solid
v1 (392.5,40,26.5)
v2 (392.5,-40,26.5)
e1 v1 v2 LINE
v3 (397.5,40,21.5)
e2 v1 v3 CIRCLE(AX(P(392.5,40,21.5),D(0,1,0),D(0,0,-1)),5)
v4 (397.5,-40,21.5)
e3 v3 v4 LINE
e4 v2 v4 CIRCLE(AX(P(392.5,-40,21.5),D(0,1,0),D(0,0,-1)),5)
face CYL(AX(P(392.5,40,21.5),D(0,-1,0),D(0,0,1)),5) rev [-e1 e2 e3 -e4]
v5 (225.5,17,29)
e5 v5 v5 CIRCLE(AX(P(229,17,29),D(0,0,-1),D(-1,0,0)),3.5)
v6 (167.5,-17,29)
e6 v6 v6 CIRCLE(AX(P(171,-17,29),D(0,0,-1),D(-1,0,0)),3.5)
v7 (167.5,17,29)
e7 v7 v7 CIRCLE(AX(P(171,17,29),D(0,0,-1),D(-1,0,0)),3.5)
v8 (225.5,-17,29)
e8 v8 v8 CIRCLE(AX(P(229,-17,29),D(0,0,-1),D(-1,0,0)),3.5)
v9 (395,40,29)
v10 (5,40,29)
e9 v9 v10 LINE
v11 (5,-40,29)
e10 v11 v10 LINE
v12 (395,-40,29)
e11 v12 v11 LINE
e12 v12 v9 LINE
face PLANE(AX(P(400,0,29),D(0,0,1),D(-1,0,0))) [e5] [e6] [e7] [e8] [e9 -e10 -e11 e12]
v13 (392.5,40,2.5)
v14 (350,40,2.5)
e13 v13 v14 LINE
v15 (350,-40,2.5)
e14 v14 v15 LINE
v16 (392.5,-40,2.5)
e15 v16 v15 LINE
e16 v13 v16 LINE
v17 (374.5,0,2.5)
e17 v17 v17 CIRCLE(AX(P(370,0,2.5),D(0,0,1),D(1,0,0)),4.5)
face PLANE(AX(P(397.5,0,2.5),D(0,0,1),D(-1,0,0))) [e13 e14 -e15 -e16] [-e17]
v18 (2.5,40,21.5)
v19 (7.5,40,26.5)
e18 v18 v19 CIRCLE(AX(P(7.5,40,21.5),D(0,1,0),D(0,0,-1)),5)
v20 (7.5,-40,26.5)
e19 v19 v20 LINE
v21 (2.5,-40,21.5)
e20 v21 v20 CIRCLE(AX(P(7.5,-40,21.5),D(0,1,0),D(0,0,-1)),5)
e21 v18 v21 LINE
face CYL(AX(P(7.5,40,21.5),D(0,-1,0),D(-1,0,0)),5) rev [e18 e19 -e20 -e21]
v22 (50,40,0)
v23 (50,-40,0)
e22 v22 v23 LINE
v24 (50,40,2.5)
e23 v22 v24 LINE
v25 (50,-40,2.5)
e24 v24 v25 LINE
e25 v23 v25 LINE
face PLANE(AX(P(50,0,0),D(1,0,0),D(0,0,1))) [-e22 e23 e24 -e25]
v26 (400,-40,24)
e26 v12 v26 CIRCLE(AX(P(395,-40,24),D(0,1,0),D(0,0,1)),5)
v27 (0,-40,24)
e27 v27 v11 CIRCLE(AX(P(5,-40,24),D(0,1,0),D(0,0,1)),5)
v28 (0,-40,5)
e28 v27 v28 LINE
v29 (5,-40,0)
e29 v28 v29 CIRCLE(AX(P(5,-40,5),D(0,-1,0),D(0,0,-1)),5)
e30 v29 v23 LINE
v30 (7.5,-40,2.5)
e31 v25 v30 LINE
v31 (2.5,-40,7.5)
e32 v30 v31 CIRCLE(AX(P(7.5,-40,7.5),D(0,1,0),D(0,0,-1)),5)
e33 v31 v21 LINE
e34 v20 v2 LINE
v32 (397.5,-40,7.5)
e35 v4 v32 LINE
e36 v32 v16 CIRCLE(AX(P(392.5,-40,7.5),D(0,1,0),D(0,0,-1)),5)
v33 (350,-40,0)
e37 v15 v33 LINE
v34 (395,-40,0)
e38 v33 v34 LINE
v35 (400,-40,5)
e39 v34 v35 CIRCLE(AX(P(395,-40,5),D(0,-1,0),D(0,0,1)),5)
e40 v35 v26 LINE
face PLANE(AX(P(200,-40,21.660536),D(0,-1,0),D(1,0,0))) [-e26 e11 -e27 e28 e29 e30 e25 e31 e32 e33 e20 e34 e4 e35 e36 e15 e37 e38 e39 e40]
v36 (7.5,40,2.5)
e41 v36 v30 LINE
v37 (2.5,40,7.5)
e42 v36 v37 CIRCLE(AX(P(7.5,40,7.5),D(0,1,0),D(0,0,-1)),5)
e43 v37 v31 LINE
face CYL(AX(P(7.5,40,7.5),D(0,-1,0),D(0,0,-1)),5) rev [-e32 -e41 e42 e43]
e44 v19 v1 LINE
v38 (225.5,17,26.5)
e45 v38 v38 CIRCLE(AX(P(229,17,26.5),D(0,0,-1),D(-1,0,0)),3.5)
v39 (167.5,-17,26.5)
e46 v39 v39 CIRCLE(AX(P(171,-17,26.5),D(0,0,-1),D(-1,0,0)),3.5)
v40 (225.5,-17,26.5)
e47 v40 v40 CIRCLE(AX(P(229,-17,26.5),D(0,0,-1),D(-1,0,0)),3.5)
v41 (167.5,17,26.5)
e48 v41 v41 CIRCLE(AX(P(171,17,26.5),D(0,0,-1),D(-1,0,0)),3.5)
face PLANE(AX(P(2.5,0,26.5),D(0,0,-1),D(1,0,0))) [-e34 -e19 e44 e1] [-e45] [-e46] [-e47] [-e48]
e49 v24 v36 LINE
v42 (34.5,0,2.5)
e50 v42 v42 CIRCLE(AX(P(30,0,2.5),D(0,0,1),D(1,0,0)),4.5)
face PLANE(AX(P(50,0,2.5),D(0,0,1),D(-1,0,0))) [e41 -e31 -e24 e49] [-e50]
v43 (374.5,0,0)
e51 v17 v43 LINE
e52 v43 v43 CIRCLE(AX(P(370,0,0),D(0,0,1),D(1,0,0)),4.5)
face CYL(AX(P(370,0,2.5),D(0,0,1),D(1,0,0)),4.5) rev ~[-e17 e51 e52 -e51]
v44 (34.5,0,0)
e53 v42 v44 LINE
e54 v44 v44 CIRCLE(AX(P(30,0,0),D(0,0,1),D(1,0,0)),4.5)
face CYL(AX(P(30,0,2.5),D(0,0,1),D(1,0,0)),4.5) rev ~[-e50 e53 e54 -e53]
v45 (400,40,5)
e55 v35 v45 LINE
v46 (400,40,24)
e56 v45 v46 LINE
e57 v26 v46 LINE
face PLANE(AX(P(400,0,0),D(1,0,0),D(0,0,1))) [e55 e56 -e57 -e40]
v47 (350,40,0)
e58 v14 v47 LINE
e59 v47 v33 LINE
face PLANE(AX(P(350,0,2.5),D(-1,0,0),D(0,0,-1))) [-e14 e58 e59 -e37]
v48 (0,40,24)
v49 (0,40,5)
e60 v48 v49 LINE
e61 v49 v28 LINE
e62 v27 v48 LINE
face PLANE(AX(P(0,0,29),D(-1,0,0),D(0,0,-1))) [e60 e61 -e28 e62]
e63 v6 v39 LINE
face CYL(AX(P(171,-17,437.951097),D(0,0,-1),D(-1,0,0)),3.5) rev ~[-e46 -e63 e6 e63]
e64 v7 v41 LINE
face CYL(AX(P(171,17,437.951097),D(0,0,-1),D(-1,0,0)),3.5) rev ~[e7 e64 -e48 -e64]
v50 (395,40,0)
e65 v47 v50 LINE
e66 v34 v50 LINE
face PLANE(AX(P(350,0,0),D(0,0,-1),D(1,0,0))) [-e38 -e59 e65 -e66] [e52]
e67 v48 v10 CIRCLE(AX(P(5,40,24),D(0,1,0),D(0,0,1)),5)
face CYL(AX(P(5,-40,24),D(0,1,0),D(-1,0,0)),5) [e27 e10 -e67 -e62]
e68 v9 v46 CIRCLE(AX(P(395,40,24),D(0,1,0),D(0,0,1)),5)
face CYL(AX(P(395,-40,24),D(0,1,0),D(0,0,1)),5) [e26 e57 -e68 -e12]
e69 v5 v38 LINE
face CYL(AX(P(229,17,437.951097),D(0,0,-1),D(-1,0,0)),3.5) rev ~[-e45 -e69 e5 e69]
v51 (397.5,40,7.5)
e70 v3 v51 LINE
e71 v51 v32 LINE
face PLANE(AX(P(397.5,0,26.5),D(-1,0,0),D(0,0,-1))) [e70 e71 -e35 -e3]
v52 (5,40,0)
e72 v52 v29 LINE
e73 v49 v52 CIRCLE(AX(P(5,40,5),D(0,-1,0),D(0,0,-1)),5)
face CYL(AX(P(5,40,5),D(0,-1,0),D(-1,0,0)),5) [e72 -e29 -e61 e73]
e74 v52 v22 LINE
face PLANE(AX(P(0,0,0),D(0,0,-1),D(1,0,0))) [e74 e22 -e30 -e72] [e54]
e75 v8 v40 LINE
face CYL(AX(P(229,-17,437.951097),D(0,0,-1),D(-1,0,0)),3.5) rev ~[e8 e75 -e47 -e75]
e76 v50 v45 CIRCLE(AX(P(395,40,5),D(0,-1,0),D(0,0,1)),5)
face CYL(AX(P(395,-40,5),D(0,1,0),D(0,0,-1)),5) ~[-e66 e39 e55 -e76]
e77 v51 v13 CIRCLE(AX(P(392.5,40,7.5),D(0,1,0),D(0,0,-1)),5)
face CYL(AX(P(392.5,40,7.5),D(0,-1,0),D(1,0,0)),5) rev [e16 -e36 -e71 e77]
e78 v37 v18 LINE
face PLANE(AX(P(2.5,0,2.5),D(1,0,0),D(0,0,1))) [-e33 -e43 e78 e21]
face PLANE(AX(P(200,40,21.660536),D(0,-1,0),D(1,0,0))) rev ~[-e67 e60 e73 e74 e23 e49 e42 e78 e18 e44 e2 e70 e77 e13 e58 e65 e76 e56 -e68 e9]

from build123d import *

# Parameters (mm, degrees)
F1_DEPTH = 40
F4_D     = 9
F4_DEPTH = 12
F4_TIP   = 2.7038727856
F5_D     = 9
F5_DEPTH = 12
F5_TIP   = 2.7038727856
F7_D     = 7
F8_R     = 5


with BuildPart() as f1:
    # F0 (on Front) → F1 (new body, symmetric)
    with BuildSketch(Plane.XZ):
        Polygon((0, 29), (0, 0), (50, 0), (50, 2.5), (2.5, 2.5), (2.5, 26.5), (397.5, 26.5), (397.5, 2.5), (350, 2.5), (350, 0), (400, 0), (400, 29), align=None)
    extrude(amount=F1_DEPTH, both=True)

    # F4 (one way)
    with BuildSketch(Plane.XY.offset(2.5)):
        with Locations((370, 0)):
            Circle(F4_D / 2)
    extrude(amount=-F4_DEPTH, mode=Mode.SUBTRACT)
    with Locations(Plane.XY.offset(2.5)):
        with Locations((370, 0)):
            with Locations((0, 0, -(F4_DEPTH + F4_TIP / 2))):  # 118° drill point
                Cone(0, F4_D / 2, F4_TIP, mode=Mode.SUBTRACT)

    # F5 (one way)
    with BuildSketch(Plane.XY.offset(2.5)):
        with Locations((30, 0)):
            Circle(F5_D / 2)
    extrude(amount=-F5_DEPTH, mode=Mode.SUBTRACT)
    with Locations(Plane.XY.offset(2.5)):
        with Locations((30, 0)):
            with Locations((0, 0, -(F5_DEPTH + F5_TIP / 2))):  # 118° drill point
                Cone(0, F5_D / 2, F5_TIP, mode=Mode.SUBTRACT)

    # F7 (through all)
    with Locations(Plane.XY.offset(29)):
        with Locations((171, 17), (229, 17), (229, -17), (171, -17)):
            Hole(F7_D / 2)

    # F8
    f8_edges = [f1.edges().sort_by_distance(p)[0] for p in [
        (0, 0, 29),
        (0, 0, 0),
        (400, 0, 29),
        (400, 0, 0),
        (2.5, 0, 2.5),
        (2.5, 0, 26.5),
        (397.5, 0, 2.5),
        (397.5, 0, 26.5),
    ]]
    fillet(f8_edges, radius=F8_R)


solid = f1.part
